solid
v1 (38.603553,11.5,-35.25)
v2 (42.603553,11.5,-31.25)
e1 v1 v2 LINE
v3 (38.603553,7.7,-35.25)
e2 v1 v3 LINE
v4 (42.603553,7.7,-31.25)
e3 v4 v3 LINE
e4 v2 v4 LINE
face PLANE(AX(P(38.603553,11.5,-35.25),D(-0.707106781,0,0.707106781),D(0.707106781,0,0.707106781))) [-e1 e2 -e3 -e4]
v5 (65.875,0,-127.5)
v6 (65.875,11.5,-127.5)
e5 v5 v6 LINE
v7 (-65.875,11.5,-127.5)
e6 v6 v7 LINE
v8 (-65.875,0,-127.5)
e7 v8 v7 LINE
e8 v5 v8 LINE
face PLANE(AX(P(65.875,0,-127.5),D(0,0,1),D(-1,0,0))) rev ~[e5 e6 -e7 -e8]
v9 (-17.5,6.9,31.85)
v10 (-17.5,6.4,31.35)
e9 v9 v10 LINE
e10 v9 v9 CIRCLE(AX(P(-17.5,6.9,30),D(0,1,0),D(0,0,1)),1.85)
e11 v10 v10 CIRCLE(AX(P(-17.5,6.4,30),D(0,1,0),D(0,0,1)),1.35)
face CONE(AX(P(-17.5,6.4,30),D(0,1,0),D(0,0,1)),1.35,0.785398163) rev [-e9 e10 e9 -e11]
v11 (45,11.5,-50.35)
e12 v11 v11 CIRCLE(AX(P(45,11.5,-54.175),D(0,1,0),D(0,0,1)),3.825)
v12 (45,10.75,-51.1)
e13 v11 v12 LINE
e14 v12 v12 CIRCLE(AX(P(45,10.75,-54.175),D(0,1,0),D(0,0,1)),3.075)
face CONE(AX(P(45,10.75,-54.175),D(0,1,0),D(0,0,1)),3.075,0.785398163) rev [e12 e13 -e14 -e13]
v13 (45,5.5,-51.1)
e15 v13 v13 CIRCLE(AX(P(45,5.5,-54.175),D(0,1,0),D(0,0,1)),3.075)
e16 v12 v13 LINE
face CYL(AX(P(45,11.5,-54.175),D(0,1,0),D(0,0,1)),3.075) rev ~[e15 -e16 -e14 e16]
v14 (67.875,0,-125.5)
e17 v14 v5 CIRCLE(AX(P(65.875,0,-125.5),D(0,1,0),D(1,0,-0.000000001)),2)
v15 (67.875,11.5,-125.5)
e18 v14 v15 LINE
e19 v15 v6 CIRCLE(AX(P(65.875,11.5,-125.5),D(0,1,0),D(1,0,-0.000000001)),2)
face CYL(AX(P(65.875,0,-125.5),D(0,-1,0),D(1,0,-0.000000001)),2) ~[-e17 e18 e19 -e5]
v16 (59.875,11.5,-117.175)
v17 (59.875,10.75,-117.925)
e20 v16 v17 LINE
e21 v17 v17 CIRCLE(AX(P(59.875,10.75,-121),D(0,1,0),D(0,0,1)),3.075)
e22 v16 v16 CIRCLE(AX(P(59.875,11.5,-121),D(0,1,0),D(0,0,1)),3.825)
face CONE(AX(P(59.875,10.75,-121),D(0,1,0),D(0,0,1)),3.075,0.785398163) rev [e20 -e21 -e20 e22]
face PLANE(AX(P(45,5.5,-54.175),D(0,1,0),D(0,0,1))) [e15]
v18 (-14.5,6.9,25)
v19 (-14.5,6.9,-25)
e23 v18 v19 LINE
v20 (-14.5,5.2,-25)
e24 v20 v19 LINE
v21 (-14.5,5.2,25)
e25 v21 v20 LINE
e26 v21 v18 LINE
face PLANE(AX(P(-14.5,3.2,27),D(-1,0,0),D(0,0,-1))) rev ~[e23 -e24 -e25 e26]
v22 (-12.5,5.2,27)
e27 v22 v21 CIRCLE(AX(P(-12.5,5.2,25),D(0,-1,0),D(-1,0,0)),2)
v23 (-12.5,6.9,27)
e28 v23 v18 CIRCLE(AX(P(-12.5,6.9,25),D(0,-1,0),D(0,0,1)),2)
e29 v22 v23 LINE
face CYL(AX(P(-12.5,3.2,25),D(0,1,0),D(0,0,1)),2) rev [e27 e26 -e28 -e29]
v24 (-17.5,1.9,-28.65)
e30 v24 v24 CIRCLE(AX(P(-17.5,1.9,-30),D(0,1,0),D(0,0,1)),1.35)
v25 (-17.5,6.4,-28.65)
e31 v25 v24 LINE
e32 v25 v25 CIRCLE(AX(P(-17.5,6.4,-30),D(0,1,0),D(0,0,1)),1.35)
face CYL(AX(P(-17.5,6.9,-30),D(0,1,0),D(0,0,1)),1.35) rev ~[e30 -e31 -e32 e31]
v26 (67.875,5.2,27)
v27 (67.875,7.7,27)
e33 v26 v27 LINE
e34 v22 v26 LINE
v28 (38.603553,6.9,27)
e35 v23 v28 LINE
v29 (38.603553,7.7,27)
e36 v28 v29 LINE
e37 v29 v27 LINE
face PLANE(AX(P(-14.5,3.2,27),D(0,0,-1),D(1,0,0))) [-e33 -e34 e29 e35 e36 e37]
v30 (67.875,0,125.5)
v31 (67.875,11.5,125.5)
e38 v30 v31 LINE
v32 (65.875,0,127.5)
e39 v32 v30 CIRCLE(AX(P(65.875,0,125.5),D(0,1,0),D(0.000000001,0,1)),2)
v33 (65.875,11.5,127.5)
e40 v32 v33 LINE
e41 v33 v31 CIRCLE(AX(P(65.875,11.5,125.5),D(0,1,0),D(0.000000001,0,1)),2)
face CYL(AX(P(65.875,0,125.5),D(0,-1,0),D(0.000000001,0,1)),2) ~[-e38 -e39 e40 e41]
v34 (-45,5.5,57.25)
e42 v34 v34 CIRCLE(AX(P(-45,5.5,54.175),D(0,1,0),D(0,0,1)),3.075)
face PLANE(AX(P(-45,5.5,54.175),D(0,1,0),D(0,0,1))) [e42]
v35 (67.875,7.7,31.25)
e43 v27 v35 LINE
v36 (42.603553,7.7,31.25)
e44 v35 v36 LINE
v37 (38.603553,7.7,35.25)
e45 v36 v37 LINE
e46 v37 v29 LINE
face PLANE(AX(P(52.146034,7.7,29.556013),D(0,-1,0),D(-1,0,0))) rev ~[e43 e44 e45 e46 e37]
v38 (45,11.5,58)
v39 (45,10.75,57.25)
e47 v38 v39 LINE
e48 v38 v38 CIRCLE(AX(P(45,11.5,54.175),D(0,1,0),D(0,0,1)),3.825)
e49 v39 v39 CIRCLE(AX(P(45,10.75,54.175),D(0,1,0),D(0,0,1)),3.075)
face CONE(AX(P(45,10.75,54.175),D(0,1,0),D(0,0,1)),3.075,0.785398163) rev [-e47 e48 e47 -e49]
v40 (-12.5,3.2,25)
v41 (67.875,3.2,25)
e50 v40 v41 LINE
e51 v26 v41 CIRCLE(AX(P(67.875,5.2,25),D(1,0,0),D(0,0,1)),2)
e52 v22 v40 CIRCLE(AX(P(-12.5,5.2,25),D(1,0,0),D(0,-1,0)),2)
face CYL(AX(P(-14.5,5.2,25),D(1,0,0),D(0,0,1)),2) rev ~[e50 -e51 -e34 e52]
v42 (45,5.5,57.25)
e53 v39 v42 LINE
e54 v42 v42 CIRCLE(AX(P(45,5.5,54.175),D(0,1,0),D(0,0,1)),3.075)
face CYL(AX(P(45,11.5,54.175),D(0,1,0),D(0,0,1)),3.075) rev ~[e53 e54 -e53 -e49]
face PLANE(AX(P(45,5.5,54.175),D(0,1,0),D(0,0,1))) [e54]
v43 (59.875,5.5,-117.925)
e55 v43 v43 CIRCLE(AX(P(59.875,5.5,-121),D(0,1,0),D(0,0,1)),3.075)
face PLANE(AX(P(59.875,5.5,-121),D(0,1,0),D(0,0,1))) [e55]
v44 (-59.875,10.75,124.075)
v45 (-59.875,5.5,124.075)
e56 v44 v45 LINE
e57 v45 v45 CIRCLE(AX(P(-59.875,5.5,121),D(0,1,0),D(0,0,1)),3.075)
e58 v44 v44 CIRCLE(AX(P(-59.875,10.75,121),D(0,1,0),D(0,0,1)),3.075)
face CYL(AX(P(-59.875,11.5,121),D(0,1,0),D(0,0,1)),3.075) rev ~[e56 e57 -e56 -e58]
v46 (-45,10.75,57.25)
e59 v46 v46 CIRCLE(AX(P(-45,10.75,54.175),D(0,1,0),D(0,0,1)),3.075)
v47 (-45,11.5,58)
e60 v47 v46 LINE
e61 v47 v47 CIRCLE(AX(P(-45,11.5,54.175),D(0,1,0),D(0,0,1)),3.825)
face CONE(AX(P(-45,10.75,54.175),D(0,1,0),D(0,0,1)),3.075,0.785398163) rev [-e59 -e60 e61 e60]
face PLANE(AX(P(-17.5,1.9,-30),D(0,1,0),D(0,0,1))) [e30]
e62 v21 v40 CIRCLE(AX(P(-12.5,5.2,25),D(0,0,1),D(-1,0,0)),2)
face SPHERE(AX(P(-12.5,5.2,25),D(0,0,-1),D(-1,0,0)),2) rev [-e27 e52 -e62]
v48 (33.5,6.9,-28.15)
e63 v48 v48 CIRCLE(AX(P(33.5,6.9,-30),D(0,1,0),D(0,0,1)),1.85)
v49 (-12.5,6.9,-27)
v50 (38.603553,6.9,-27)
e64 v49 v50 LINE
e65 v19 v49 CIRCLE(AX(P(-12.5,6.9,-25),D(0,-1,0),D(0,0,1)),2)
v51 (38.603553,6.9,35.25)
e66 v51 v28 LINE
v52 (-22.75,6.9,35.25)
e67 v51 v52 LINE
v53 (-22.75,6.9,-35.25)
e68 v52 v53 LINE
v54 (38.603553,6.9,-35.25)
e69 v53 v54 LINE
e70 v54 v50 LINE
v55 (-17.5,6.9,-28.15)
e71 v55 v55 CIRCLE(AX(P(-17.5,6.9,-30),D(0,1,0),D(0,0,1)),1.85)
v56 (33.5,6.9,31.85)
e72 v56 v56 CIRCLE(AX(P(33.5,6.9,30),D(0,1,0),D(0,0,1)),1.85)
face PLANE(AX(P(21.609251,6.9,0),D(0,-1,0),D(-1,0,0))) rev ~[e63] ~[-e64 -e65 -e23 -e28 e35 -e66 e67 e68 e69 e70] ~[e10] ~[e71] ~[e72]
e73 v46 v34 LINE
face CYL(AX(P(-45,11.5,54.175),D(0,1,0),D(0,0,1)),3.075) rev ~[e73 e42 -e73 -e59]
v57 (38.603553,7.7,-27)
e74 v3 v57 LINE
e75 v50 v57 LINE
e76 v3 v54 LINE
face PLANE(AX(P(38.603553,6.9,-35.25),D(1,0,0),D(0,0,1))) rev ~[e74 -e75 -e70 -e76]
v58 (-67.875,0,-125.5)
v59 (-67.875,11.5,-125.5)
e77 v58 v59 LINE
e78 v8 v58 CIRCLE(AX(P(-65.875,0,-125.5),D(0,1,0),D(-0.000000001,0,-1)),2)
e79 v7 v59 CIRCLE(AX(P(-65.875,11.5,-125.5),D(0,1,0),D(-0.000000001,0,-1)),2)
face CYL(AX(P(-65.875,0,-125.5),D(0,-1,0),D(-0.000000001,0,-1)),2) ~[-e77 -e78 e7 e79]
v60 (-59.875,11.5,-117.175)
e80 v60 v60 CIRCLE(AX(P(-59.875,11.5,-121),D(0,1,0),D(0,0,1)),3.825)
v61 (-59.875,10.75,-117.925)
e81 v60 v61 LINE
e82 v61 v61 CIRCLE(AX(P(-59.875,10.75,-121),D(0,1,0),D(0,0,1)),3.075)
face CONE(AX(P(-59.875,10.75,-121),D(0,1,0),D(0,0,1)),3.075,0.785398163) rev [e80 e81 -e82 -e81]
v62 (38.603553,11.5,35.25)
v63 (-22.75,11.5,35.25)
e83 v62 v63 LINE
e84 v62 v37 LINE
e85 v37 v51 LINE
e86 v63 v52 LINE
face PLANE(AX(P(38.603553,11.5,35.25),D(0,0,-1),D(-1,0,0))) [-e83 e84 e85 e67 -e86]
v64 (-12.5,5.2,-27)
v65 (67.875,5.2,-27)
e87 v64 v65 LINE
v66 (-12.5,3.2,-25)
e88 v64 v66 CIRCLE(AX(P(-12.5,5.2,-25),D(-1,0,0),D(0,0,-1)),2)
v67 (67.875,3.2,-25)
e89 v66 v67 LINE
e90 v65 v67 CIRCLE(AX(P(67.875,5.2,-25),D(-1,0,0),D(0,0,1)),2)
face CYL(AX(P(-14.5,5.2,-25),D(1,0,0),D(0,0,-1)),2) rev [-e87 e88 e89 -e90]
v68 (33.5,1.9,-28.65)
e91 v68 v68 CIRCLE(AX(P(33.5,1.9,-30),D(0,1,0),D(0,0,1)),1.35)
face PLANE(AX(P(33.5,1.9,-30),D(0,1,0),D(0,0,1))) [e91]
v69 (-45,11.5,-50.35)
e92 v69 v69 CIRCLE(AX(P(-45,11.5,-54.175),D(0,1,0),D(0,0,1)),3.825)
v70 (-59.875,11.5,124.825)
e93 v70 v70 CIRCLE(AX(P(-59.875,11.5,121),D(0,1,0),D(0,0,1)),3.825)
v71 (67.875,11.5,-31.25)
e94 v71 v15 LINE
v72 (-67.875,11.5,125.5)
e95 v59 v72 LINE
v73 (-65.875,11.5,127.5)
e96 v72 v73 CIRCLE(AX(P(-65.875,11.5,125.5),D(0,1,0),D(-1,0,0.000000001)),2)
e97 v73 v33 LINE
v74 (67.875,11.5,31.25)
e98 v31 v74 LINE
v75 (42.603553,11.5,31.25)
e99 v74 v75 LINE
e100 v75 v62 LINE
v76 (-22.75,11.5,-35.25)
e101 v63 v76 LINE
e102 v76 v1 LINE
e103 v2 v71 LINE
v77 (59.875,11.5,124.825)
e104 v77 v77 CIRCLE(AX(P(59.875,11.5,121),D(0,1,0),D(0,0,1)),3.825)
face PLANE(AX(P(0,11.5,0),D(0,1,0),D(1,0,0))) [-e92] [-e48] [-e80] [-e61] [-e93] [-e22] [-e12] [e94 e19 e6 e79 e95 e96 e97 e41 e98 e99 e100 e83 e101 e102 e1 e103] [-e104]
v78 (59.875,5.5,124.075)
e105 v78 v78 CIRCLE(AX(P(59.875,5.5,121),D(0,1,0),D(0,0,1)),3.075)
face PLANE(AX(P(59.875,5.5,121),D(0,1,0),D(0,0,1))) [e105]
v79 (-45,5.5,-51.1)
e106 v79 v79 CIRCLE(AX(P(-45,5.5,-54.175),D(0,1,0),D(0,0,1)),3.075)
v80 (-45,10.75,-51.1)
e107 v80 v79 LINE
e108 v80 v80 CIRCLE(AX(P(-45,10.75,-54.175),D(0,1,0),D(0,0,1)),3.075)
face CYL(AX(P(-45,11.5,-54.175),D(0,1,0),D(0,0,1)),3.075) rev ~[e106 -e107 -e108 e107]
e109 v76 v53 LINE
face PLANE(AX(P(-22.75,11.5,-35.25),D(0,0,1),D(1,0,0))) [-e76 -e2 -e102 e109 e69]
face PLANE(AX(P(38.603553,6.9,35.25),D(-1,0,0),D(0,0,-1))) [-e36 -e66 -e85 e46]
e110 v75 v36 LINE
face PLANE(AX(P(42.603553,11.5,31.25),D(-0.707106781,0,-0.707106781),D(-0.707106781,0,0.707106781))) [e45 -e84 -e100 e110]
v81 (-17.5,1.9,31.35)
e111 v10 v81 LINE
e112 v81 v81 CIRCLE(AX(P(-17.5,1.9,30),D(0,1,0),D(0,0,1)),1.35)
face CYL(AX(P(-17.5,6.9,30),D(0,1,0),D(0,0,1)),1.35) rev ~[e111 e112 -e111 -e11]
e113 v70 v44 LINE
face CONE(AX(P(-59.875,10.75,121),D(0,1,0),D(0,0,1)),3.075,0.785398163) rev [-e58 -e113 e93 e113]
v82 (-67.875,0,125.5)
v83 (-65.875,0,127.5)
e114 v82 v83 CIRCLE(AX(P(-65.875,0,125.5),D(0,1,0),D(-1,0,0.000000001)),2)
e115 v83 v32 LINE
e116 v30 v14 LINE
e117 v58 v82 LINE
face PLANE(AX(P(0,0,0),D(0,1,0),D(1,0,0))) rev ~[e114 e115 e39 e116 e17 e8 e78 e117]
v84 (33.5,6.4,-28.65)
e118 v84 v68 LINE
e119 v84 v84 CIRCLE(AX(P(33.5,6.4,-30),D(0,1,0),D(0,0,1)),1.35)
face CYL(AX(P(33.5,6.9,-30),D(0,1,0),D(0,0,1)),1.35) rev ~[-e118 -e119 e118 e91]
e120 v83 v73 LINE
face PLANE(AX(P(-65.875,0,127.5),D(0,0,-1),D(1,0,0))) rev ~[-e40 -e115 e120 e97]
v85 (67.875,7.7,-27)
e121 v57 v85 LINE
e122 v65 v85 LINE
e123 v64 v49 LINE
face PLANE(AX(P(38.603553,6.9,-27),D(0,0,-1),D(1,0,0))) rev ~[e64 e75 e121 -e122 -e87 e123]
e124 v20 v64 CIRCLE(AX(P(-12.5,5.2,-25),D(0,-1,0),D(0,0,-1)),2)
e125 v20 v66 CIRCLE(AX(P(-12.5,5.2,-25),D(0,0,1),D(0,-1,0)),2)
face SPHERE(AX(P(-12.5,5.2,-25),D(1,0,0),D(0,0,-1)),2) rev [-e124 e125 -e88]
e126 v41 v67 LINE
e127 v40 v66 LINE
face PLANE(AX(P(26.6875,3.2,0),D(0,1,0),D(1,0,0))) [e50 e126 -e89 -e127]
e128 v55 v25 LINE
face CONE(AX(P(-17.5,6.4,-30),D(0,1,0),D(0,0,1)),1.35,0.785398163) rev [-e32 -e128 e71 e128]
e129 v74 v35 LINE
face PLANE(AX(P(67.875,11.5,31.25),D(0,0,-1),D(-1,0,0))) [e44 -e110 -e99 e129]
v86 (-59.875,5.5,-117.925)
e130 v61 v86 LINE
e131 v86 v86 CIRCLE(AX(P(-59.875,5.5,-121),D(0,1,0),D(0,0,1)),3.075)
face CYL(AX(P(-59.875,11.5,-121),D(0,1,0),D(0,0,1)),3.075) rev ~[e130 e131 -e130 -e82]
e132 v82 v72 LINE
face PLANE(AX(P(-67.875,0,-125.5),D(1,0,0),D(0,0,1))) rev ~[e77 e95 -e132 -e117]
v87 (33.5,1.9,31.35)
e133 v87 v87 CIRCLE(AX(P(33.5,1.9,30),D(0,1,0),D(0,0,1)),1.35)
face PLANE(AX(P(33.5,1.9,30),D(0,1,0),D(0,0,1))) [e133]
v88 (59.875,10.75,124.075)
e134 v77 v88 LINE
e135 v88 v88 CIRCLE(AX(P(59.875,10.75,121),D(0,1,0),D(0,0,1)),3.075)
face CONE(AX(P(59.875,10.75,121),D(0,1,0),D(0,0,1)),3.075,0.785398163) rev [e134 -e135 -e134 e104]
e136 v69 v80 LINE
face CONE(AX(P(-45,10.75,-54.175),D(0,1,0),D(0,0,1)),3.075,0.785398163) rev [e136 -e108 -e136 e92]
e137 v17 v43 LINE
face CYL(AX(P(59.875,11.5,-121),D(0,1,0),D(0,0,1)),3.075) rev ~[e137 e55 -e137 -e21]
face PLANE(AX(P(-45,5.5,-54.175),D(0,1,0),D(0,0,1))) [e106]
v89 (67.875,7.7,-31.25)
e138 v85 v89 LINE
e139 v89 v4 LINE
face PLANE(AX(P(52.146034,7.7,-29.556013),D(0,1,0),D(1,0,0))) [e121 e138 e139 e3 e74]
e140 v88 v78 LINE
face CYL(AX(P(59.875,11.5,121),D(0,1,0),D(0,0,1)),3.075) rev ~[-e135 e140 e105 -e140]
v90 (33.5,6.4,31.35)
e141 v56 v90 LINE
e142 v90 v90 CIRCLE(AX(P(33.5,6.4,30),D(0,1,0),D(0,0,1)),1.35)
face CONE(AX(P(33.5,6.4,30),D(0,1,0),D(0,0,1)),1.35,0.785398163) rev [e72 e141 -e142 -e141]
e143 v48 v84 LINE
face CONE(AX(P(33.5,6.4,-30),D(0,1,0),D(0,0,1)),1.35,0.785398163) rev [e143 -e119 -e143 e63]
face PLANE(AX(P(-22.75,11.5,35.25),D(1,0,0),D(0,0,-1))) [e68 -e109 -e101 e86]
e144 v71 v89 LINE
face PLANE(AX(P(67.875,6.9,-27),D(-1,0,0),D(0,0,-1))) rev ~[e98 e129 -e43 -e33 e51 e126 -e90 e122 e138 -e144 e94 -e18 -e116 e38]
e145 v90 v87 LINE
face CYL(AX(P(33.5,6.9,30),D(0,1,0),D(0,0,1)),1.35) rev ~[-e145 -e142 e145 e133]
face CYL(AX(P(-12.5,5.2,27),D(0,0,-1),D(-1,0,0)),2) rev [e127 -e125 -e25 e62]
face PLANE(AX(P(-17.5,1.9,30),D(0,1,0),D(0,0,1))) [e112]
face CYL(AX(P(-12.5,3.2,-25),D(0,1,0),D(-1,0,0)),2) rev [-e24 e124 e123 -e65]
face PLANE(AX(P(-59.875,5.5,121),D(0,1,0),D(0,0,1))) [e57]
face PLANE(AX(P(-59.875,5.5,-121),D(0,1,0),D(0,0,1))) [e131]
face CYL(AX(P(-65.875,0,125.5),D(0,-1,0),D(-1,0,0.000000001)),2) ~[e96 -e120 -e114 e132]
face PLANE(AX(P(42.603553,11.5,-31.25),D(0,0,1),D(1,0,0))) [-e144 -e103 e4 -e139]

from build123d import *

# Parameters (mm, degrees)
BOSS_EXTRUDE1_DEPTH     = 11.5
SKETCH4_R               = 3.075
CUT_EXTRUDE1_DEPTH      = 6
CUT_EXTRUDE6_DEPTH      = 4.6
CUT_EXTRUDE3_DEPTH      = 145.605932192
CUT_EXTRUDE3_DEPTH_BACK = 3.7
SKETCH24_W              = 82.375
SKETCH24_H              = 54
SKETCH25_R              = 1.35
CUT_EXTRUDE4_DEPTH      = 5
CHAMFER4_SIZE           = 0.5
FILLET1_R               = 2
BOSS_EXTRUDE2_DEPTH     = 0.8
CHAMFER5_SIZE           = 0.75


with BuildPart() as part:
    # Sketch1 → Boss-Extrude1 (new body)
    with BuildSketch(Plane(origin=(0, 0, 0), x_dir=(1, 0, 0), z_dir=(0, 1, 0))):
        with BuildLine():
            Line((-67.875, 112.5), (-67.875, -112.5))
            Line((-67.875, -112.5), (-67.875, -125.5))
            ThreePointArc((-67.875, -125.5), (-67.289213562, -126.914213562), (-65.875, -127.5))
            Line((-65.875, -127.5), (65.875, -127.5))
            ThreePointArc((65.875, -127.5), (67.289213562, -126.914213562), (67.875, -125.5))
            Line((67.875, -125.5), (67.875, -112.5))
            Line((67.875, -112.5), (67.875, 112.5))
            Line((67.875, 112.5), (67.875, 125.5))
            ThreePointArc((67.875, 125.5), (67.289213562, 126.914213562), (65.875, 127.5))
            Line((65.875, 127.5), (-65.875, 127.5))
            ThreePointArc((-65.875, 127.5), (-67.289213562, 126.914213562), (-67.875, 125.5))
            Line((-67.875, 125.5), (-67.875, 112.5))
        make_face()
    extrude(amount=BOSS_EXTRUDE1_DEPTH)

    # Sketch4 → Cut-Extrude1 (cut)
    with BuildSketch(Plane(origin=(0, 11.5, 0), x_dir=(1, 0, 0), z_dir=(0, 1, 0))):
        with Locations(Location((-59.875, -121, 0), (0, 0, 270))):
            Circle(SKETCH4_R)
        with Locations(Location((59.875, -121, 0), (0, 0, 270))):
            Circle(SKETCH4_R)
        with Locations(Location((59.875, 121, 0), (0, 0, 270))):
            Circle(SKETCH4_R)
        with Locations(Location((-59.875, 121, 0), (0, 0, 270))):
            Circle(SKETCH4_R)
        with Locations(Location((45, -54.175, 0), (0, 0, 270))):
            Circle(SKETCH4_R)
        with Locations(Location((-45, -54.175, 0), (0, 0, 270))):
            Circle(SKETCH4_R)
        with Locations(Location((45, 54.175, 0), (0, 0, 270))):
            Circle(SKETCH4_R)
        with Locations(Location((-45, 54.175, 0), (0, 0, 270))):
            Circle(SKETCH4_R)
    extrude(amount=-CUT_EXTRUDE1_DEPTH, mode=Mode.SUBTRACT)

    # Sketch21 → Cut-Extrude6 (cut)
    with BuildSketch(Plane(origin=(0, 11.5, 0), x_dir=(1, 0, 0), z_dir=(0, 1, 0))):
        Polygon((67.875, 31), (67.875, -31), (67.875, -31.25), (42.603553391, -31.25), (38.603553391, -35.25), (-22.75, -35.25), (-22.75, 35.25), (38.603553391, 35.25), (42.603553391, 31.25), (67.875, 31.25), align=None)
    extrude(amount=-CUT_EXTRUDE6_DEPTH, mode=Mode.SUBTRACT)

    # Sketch24 → Cut-Extrude3 (cut, two sides: drawn at the far end of the back side and taken through both)
    with BuildSketch(Plane(origin=(0, 6.9, 0), x_dir=(1, 0, 0), z_dir=(0, 1, 0)).offset(-CUT_EXTRUDE3_DEPTH_BACK)):
        with Locations((26.6875, 0)):
            Rectangle(SKETCH24_W, SKETCH24_H)
    extrude(amount=CUT_EXTRUDE3_DEPTH + CUT_EXTRUDE3_DEPTH_BACK, mode=Mode.SUBTRACT)

    # Sketch25 → Cut-Extrude4 (cut)
    with BuildSketch(Plane(origin=(0, 6.9, 0), x_dir=(1, 0, 0), z_dir=(0, 1, 0))):
        with Locations(Location((33.5, 30, 0), (0, 0, 270))):
            Circle(SKETCH25_R)
        with Locations(Location((-17.5, 30, 0), (0, 0, 270))):
            Circle(SKETCH25_R)
        with Locations(Location((33.5, -30, 0), (0, 0, 270))):
            Circle(SKETCH25_R)
        with Locations(Location((-17.5, -30, 0), (0, 0, 270))):
            Circle(SKETCH25_R)
    extrude(amount=-CUT_EXTRUDE4_DEPTH, mode=Mode.SUBTRACT)

    # Chamfer4
    chamfer4_edges = [part.edges().sort_by_distance(p)[0] for p in [
        (-17.5, 6.9, -31.35),
        (33.5, 6.9, 28.65),
        (-17.5, 6.9, 28.65),
        (33.5, 6.9, -31.35),
    ]]
    chamfer(chamfer4_edges, length=CHAMFER4_SIZE)

    # Fillet1
    fillet1_edges = [part.edges().sort_by_distance(p)[0] for p in [
        (26.6875, 3.2, -27),
        (-14.5, 5.05, -27),
        (-14.5, 3.2, 0),
        (-14.5, 5.05, 27),
        (26.6875, 3.2, 27),
    ]]
    fillet(fillet1_edges, radius=FILLET1_R)

    # Sketch26 → Boss-Extrude2 (add)
    with BuildSketch(Plane(origin=(0, 6.9, 0), x_dir=(1, 0, 0), z_dir=(0, 1, 0))):
        Polygon((38.603553391, 35.25), (38.603553391, 27), (67.875, 27), (67.875, 31.25), (42.603553391, 31.25), align=None)
        Polygon((42.603553391, -31.25), (38.603553391, -35.25), (38.603553391, -27), (67.875, -27), (67.875, -31.25), align=None)
    extrude(amount=BOSS_EXTRUDE2_DEPTH)

    # Chamfer5
    chamfer5_edges = [part.edges().sort_by_distance(p)[0] for p in [
        (59.875, 11.5, 117.925),
        (59.875, 11.5, -124.075),
        (45, 11.5, 51.1),
        (-45, 11.5, 51.1),
        (-45, 11.5, -57.25),
        (45, 11.5, -57.25),
        (-59.875, 11.5, -124.075),
        (-59.875, 11.5, 117.925),
    ]]
    chamfer(chamfer5_edges, length=CHAMFER5_SIZE)


solid = part.part
